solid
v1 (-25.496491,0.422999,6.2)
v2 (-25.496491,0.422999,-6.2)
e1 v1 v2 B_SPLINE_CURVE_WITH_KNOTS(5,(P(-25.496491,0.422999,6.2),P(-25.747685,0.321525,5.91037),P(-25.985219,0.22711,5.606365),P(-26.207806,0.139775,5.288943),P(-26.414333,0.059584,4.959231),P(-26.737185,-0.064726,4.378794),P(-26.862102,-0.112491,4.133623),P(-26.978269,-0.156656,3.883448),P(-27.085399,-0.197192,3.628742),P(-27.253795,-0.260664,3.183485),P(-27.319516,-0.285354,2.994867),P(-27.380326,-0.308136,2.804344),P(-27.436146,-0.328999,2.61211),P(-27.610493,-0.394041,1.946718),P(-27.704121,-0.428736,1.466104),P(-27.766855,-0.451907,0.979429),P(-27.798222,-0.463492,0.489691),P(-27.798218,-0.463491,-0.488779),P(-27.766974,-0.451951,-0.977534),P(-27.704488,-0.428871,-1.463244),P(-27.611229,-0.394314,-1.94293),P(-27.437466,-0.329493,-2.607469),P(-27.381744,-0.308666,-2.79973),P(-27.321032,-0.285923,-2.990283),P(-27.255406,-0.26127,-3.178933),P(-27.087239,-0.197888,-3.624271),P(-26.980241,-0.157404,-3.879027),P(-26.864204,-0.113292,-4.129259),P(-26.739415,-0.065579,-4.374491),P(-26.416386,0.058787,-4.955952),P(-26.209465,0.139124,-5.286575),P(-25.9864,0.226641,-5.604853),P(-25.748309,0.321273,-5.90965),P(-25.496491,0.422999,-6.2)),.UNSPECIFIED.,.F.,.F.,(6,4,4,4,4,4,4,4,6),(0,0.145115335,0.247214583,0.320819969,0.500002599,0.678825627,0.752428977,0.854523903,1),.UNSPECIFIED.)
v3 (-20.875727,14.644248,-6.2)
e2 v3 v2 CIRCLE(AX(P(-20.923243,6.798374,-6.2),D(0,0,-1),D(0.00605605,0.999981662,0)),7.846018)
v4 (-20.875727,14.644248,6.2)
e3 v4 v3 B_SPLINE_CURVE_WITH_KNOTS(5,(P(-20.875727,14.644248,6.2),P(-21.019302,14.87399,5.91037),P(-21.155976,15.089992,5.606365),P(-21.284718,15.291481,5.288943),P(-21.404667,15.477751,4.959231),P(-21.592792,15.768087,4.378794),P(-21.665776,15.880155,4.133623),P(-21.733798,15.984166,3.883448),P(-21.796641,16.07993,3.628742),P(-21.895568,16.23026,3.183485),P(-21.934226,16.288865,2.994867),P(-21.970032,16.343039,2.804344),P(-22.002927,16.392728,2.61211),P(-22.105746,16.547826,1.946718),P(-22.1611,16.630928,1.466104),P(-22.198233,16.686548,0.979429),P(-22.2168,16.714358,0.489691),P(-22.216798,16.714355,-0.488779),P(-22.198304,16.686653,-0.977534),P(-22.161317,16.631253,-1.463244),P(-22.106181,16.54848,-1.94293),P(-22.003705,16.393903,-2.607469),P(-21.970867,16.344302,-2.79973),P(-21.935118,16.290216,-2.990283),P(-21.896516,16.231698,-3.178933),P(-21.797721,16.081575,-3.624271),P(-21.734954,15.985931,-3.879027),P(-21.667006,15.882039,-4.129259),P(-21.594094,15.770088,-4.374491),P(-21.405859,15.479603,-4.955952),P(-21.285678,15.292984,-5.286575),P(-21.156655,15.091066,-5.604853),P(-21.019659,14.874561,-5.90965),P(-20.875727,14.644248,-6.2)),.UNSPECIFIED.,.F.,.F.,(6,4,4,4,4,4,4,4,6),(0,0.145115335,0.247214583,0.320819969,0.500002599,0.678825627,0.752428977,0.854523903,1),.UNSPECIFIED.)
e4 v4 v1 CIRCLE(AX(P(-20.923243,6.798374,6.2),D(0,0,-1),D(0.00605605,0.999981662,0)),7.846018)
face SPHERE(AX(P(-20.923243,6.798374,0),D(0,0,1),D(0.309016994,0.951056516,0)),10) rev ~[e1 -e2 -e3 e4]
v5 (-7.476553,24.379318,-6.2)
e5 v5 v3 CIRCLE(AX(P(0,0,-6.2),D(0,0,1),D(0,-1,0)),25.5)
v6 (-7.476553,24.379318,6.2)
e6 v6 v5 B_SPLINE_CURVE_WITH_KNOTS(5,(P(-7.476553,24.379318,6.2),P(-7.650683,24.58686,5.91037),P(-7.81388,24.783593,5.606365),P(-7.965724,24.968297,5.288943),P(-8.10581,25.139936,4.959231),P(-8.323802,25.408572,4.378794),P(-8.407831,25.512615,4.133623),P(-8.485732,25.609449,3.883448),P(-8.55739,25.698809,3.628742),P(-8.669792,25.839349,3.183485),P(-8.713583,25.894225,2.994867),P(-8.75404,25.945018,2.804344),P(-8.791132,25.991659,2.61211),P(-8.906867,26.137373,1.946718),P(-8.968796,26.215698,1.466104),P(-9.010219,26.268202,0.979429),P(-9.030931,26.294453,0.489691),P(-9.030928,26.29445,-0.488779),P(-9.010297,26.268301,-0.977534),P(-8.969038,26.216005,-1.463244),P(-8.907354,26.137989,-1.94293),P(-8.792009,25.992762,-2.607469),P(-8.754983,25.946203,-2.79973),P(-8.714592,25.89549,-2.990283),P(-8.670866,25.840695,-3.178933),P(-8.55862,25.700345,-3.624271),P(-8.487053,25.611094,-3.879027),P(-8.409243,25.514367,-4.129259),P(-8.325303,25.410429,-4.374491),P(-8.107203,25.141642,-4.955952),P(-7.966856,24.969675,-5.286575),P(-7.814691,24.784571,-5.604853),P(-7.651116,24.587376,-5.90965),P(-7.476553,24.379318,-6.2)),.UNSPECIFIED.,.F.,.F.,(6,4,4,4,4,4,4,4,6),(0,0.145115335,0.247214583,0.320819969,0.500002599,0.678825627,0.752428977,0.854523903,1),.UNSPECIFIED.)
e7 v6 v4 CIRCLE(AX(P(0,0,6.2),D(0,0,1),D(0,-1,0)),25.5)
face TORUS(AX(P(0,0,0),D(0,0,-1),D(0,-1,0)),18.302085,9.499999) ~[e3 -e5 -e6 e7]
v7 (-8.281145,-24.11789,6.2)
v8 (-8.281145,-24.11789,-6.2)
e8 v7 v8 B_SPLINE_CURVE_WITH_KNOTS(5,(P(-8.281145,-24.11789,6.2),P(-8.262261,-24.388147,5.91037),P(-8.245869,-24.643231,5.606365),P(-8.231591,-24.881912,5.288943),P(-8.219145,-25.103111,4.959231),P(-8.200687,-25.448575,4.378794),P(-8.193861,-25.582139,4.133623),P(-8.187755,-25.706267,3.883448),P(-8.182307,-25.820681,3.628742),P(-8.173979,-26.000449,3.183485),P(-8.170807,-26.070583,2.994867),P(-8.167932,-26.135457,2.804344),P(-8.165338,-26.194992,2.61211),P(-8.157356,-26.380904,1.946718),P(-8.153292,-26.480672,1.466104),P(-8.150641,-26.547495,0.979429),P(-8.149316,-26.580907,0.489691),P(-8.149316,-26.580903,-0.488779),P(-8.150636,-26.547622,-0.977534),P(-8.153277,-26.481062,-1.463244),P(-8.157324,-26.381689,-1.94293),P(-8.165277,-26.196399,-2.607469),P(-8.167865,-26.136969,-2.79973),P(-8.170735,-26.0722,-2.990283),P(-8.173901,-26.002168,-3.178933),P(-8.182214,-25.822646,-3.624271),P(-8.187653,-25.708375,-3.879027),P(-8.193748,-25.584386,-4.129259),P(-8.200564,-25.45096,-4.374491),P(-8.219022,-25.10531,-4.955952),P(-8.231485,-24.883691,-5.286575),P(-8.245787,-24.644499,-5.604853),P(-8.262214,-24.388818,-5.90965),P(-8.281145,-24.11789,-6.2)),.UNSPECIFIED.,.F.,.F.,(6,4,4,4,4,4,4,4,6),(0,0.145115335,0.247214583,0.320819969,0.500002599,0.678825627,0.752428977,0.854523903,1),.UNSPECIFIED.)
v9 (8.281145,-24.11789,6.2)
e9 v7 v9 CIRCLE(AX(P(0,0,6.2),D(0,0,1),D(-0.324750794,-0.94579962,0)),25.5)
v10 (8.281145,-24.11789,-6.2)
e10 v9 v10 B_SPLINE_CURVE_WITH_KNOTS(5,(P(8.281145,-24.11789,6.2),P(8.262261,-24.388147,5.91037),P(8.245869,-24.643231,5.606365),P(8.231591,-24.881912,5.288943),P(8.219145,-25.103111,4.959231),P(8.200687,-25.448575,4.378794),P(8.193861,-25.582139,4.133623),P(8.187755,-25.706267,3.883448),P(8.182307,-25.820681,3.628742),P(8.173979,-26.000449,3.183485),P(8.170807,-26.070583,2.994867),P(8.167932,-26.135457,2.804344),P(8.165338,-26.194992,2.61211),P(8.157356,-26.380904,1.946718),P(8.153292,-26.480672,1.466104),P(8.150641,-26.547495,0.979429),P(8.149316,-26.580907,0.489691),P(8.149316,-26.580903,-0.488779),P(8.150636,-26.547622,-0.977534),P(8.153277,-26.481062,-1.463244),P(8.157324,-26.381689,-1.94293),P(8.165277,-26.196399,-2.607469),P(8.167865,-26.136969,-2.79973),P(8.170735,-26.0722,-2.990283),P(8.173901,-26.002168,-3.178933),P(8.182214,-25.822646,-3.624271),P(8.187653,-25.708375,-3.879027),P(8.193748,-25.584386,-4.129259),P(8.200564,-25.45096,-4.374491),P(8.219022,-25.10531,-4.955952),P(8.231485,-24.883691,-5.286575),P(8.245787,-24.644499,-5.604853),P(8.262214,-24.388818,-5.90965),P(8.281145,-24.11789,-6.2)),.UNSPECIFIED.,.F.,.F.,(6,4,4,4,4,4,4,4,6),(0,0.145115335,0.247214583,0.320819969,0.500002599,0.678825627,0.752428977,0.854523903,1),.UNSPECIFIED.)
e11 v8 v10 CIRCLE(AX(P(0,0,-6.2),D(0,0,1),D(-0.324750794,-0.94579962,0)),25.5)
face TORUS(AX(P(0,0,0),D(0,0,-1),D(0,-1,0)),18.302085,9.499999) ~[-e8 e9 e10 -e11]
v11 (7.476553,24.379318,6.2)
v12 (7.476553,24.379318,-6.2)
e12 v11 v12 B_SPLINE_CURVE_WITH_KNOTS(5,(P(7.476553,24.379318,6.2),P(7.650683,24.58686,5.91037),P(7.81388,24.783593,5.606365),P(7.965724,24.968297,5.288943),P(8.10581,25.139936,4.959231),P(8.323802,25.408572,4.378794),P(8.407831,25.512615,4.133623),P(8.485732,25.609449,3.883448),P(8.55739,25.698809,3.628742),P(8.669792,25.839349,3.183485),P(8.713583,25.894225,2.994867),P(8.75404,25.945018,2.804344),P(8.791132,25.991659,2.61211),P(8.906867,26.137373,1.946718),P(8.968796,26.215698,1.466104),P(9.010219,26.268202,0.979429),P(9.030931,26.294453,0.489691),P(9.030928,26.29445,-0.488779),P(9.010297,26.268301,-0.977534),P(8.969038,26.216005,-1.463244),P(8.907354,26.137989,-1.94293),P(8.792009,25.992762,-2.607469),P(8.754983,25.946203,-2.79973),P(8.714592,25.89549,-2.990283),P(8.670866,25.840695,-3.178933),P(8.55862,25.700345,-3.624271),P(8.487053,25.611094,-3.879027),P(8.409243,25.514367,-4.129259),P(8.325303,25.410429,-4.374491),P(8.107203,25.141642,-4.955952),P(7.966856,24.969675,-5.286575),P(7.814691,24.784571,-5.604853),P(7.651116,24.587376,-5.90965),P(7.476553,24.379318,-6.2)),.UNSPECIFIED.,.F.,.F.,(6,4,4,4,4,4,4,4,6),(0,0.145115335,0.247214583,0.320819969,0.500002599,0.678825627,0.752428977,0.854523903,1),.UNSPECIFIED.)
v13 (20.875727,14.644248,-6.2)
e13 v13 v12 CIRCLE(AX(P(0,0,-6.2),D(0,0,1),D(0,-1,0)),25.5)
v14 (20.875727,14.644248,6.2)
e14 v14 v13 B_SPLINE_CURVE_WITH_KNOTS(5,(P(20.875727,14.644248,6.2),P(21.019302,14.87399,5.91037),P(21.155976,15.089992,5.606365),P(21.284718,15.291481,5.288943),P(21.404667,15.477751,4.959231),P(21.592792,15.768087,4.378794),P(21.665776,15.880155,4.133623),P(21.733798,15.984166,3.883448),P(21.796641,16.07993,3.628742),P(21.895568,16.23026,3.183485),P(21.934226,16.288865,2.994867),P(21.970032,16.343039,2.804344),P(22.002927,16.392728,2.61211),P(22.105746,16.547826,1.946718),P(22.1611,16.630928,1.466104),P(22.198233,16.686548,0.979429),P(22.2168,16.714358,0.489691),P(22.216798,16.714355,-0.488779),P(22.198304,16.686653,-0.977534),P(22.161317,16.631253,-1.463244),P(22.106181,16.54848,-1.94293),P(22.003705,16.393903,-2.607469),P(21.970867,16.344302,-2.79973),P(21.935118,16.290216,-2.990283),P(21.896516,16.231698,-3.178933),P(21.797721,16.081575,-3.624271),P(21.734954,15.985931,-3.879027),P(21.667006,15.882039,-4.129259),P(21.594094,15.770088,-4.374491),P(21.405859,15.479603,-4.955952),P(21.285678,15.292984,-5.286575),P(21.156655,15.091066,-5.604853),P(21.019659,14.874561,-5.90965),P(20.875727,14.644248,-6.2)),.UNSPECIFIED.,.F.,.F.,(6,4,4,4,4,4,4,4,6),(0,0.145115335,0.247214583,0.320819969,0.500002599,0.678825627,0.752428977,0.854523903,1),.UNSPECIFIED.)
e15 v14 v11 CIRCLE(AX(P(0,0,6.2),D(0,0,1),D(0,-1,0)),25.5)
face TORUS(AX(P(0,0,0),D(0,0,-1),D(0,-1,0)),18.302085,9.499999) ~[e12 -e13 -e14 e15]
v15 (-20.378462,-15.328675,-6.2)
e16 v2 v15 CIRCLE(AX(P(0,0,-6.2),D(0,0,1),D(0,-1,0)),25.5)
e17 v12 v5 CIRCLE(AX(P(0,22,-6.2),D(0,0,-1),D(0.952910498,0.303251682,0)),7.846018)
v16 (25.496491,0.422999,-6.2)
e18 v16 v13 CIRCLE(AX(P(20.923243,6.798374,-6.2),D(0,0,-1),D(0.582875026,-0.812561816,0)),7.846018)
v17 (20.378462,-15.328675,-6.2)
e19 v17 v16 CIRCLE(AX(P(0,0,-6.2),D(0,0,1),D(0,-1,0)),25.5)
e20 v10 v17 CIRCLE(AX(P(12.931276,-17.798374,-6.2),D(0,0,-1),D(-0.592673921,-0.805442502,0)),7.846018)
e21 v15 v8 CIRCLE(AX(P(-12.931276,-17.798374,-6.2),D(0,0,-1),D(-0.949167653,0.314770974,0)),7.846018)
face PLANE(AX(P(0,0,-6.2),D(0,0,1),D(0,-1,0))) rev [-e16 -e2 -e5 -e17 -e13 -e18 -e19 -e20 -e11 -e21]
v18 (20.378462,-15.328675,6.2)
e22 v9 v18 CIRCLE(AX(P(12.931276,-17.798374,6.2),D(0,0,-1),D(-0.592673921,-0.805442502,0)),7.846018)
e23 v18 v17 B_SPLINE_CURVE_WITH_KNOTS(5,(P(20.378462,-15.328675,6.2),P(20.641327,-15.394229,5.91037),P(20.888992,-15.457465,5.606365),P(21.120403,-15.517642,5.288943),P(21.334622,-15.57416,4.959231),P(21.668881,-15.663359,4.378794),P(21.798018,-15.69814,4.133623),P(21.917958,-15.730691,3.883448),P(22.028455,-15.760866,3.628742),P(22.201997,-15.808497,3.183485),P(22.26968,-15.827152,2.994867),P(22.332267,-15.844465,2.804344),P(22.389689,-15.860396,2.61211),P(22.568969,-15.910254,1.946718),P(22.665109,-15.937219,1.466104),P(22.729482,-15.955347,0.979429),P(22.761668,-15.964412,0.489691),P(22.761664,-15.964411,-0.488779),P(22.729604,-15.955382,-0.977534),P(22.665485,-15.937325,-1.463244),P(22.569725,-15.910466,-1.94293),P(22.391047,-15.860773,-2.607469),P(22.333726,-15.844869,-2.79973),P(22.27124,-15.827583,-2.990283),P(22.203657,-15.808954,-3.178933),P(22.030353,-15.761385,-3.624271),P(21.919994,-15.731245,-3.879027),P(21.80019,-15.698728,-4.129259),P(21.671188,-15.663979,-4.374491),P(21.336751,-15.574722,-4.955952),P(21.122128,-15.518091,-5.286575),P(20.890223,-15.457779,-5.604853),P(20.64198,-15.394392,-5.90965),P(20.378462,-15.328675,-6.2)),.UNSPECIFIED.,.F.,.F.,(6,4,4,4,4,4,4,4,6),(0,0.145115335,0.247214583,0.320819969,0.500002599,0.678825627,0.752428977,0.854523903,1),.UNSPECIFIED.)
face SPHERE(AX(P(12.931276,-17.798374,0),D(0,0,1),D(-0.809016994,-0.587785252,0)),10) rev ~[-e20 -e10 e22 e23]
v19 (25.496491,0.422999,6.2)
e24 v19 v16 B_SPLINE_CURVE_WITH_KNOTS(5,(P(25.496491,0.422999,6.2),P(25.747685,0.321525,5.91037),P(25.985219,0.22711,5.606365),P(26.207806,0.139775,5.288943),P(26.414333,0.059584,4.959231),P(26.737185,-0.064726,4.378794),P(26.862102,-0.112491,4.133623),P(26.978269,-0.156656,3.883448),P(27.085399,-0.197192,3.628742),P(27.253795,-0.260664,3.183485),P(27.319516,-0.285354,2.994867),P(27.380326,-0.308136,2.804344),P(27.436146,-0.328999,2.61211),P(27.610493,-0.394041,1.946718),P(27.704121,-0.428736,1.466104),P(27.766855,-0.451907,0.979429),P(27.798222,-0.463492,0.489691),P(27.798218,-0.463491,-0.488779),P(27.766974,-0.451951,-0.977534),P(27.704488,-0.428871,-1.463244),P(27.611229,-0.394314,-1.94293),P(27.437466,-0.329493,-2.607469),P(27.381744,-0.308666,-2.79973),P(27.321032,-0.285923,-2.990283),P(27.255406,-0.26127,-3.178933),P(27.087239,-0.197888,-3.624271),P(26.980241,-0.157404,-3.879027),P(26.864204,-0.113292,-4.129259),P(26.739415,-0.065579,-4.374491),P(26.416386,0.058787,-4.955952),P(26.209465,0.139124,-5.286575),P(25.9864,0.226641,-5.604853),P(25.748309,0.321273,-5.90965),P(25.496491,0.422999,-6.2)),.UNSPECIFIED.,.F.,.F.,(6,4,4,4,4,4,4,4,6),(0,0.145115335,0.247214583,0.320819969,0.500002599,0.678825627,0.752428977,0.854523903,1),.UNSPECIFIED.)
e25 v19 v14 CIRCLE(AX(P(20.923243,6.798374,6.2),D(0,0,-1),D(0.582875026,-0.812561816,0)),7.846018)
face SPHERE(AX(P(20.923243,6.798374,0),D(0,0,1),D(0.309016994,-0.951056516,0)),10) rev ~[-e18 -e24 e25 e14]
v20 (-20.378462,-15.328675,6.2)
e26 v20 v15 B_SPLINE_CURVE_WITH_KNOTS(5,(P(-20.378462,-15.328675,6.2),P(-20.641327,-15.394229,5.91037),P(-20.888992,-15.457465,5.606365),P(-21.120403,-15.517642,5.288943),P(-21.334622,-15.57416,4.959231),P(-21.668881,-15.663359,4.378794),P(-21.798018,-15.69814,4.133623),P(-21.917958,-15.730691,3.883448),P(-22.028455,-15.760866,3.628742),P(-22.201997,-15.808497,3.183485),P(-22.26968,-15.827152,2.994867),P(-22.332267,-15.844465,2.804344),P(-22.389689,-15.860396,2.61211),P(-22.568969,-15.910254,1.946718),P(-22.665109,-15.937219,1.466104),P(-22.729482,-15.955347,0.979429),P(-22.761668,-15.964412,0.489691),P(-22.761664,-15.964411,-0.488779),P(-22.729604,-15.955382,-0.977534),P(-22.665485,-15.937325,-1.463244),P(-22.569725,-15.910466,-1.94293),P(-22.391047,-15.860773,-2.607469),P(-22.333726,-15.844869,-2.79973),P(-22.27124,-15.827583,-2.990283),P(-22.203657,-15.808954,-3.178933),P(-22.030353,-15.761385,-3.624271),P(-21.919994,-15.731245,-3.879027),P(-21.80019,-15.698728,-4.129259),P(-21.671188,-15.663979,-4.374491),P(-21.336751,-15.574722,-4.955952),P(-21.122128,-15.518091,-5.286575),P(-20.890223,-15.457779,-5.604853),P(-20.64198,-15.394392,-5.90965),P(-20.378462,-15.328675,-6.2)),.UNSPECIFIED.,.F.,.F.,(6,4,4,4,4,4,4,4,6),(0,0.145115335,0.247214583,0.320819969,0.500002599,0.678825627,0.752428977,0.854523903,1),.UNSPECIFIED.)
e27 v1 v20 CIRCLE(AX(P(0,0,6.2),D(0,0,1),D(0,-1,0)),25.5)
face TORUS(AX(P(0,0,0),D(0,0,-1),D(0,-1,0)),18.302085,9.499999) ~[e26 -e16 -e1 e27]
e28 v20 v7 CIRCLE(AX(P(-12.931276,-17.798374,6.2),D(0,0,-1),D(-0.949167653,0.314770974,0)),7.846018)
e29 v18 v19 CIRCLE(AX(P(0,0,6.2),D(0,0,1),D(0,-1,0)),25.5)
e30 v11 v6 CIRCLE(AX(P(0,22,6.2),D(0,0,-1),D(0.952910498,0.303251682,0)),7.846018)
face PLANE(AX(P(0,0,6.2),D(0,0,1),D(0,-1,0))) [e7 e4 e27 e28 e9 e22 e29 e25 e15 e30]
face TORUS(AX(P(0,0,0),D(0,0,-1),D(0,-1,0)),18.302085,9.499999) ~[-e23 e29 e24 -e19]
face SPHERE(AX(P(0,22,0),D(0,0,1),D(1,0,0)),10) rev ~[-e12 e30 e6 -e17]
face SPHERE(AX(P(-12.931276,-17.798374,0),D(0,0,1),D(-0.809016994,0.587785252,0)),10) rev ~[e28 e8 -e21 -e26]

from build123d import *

# Parameters (mm, degrees)
ARRAY_COUNT = 5


with BuildPart() as spheres:
    # Sphere → Sphere (revolve)
    with BuildSketch(Plane.XZ.offset(-22)):
        with BuildLine():
            ThreePointArc((0, -10), (10, 0), (0, 10))
            Line((0, 10), (0, -10))
        make_face()
    revolve(axis=Axis((0, 22, 0), (0, 0, 1)))

    # Array: spheres ×5 about axis
    array_axis = Axis((0, 0, 0), (0, 0, 1))


with BuildPart() as spheres_1:
    add(spheres.part)
    for i in range(1, ARRAY_COUNT):
        add(spheres.part.rotate(array_axis, i * 360 / ARRAY_COUNT))


with BuildPart() as hub_parametric:
    # Sketch → Revolution (revolve)
    with BuildSketch(Plane.YZ):
        with BuildLine():
            Line((-25.5, 6.2), (0, 6.2))
            Line((0, -6.2), (0, 6.2))
            Line((0, -6.2), (-25.5, -6.2))
            ThreePointArc((-25.5, 6.2), (-27.802084, 0), (-25.5, -6.2))
        make_face()
    revolve(axis=Axis((0, 0, 0), (0, 0, 1)))

    # Cut: cut spheres
    add(spheres_1.part, mode=Mode.SUBTRACT)


solid = hub_parametric.part
